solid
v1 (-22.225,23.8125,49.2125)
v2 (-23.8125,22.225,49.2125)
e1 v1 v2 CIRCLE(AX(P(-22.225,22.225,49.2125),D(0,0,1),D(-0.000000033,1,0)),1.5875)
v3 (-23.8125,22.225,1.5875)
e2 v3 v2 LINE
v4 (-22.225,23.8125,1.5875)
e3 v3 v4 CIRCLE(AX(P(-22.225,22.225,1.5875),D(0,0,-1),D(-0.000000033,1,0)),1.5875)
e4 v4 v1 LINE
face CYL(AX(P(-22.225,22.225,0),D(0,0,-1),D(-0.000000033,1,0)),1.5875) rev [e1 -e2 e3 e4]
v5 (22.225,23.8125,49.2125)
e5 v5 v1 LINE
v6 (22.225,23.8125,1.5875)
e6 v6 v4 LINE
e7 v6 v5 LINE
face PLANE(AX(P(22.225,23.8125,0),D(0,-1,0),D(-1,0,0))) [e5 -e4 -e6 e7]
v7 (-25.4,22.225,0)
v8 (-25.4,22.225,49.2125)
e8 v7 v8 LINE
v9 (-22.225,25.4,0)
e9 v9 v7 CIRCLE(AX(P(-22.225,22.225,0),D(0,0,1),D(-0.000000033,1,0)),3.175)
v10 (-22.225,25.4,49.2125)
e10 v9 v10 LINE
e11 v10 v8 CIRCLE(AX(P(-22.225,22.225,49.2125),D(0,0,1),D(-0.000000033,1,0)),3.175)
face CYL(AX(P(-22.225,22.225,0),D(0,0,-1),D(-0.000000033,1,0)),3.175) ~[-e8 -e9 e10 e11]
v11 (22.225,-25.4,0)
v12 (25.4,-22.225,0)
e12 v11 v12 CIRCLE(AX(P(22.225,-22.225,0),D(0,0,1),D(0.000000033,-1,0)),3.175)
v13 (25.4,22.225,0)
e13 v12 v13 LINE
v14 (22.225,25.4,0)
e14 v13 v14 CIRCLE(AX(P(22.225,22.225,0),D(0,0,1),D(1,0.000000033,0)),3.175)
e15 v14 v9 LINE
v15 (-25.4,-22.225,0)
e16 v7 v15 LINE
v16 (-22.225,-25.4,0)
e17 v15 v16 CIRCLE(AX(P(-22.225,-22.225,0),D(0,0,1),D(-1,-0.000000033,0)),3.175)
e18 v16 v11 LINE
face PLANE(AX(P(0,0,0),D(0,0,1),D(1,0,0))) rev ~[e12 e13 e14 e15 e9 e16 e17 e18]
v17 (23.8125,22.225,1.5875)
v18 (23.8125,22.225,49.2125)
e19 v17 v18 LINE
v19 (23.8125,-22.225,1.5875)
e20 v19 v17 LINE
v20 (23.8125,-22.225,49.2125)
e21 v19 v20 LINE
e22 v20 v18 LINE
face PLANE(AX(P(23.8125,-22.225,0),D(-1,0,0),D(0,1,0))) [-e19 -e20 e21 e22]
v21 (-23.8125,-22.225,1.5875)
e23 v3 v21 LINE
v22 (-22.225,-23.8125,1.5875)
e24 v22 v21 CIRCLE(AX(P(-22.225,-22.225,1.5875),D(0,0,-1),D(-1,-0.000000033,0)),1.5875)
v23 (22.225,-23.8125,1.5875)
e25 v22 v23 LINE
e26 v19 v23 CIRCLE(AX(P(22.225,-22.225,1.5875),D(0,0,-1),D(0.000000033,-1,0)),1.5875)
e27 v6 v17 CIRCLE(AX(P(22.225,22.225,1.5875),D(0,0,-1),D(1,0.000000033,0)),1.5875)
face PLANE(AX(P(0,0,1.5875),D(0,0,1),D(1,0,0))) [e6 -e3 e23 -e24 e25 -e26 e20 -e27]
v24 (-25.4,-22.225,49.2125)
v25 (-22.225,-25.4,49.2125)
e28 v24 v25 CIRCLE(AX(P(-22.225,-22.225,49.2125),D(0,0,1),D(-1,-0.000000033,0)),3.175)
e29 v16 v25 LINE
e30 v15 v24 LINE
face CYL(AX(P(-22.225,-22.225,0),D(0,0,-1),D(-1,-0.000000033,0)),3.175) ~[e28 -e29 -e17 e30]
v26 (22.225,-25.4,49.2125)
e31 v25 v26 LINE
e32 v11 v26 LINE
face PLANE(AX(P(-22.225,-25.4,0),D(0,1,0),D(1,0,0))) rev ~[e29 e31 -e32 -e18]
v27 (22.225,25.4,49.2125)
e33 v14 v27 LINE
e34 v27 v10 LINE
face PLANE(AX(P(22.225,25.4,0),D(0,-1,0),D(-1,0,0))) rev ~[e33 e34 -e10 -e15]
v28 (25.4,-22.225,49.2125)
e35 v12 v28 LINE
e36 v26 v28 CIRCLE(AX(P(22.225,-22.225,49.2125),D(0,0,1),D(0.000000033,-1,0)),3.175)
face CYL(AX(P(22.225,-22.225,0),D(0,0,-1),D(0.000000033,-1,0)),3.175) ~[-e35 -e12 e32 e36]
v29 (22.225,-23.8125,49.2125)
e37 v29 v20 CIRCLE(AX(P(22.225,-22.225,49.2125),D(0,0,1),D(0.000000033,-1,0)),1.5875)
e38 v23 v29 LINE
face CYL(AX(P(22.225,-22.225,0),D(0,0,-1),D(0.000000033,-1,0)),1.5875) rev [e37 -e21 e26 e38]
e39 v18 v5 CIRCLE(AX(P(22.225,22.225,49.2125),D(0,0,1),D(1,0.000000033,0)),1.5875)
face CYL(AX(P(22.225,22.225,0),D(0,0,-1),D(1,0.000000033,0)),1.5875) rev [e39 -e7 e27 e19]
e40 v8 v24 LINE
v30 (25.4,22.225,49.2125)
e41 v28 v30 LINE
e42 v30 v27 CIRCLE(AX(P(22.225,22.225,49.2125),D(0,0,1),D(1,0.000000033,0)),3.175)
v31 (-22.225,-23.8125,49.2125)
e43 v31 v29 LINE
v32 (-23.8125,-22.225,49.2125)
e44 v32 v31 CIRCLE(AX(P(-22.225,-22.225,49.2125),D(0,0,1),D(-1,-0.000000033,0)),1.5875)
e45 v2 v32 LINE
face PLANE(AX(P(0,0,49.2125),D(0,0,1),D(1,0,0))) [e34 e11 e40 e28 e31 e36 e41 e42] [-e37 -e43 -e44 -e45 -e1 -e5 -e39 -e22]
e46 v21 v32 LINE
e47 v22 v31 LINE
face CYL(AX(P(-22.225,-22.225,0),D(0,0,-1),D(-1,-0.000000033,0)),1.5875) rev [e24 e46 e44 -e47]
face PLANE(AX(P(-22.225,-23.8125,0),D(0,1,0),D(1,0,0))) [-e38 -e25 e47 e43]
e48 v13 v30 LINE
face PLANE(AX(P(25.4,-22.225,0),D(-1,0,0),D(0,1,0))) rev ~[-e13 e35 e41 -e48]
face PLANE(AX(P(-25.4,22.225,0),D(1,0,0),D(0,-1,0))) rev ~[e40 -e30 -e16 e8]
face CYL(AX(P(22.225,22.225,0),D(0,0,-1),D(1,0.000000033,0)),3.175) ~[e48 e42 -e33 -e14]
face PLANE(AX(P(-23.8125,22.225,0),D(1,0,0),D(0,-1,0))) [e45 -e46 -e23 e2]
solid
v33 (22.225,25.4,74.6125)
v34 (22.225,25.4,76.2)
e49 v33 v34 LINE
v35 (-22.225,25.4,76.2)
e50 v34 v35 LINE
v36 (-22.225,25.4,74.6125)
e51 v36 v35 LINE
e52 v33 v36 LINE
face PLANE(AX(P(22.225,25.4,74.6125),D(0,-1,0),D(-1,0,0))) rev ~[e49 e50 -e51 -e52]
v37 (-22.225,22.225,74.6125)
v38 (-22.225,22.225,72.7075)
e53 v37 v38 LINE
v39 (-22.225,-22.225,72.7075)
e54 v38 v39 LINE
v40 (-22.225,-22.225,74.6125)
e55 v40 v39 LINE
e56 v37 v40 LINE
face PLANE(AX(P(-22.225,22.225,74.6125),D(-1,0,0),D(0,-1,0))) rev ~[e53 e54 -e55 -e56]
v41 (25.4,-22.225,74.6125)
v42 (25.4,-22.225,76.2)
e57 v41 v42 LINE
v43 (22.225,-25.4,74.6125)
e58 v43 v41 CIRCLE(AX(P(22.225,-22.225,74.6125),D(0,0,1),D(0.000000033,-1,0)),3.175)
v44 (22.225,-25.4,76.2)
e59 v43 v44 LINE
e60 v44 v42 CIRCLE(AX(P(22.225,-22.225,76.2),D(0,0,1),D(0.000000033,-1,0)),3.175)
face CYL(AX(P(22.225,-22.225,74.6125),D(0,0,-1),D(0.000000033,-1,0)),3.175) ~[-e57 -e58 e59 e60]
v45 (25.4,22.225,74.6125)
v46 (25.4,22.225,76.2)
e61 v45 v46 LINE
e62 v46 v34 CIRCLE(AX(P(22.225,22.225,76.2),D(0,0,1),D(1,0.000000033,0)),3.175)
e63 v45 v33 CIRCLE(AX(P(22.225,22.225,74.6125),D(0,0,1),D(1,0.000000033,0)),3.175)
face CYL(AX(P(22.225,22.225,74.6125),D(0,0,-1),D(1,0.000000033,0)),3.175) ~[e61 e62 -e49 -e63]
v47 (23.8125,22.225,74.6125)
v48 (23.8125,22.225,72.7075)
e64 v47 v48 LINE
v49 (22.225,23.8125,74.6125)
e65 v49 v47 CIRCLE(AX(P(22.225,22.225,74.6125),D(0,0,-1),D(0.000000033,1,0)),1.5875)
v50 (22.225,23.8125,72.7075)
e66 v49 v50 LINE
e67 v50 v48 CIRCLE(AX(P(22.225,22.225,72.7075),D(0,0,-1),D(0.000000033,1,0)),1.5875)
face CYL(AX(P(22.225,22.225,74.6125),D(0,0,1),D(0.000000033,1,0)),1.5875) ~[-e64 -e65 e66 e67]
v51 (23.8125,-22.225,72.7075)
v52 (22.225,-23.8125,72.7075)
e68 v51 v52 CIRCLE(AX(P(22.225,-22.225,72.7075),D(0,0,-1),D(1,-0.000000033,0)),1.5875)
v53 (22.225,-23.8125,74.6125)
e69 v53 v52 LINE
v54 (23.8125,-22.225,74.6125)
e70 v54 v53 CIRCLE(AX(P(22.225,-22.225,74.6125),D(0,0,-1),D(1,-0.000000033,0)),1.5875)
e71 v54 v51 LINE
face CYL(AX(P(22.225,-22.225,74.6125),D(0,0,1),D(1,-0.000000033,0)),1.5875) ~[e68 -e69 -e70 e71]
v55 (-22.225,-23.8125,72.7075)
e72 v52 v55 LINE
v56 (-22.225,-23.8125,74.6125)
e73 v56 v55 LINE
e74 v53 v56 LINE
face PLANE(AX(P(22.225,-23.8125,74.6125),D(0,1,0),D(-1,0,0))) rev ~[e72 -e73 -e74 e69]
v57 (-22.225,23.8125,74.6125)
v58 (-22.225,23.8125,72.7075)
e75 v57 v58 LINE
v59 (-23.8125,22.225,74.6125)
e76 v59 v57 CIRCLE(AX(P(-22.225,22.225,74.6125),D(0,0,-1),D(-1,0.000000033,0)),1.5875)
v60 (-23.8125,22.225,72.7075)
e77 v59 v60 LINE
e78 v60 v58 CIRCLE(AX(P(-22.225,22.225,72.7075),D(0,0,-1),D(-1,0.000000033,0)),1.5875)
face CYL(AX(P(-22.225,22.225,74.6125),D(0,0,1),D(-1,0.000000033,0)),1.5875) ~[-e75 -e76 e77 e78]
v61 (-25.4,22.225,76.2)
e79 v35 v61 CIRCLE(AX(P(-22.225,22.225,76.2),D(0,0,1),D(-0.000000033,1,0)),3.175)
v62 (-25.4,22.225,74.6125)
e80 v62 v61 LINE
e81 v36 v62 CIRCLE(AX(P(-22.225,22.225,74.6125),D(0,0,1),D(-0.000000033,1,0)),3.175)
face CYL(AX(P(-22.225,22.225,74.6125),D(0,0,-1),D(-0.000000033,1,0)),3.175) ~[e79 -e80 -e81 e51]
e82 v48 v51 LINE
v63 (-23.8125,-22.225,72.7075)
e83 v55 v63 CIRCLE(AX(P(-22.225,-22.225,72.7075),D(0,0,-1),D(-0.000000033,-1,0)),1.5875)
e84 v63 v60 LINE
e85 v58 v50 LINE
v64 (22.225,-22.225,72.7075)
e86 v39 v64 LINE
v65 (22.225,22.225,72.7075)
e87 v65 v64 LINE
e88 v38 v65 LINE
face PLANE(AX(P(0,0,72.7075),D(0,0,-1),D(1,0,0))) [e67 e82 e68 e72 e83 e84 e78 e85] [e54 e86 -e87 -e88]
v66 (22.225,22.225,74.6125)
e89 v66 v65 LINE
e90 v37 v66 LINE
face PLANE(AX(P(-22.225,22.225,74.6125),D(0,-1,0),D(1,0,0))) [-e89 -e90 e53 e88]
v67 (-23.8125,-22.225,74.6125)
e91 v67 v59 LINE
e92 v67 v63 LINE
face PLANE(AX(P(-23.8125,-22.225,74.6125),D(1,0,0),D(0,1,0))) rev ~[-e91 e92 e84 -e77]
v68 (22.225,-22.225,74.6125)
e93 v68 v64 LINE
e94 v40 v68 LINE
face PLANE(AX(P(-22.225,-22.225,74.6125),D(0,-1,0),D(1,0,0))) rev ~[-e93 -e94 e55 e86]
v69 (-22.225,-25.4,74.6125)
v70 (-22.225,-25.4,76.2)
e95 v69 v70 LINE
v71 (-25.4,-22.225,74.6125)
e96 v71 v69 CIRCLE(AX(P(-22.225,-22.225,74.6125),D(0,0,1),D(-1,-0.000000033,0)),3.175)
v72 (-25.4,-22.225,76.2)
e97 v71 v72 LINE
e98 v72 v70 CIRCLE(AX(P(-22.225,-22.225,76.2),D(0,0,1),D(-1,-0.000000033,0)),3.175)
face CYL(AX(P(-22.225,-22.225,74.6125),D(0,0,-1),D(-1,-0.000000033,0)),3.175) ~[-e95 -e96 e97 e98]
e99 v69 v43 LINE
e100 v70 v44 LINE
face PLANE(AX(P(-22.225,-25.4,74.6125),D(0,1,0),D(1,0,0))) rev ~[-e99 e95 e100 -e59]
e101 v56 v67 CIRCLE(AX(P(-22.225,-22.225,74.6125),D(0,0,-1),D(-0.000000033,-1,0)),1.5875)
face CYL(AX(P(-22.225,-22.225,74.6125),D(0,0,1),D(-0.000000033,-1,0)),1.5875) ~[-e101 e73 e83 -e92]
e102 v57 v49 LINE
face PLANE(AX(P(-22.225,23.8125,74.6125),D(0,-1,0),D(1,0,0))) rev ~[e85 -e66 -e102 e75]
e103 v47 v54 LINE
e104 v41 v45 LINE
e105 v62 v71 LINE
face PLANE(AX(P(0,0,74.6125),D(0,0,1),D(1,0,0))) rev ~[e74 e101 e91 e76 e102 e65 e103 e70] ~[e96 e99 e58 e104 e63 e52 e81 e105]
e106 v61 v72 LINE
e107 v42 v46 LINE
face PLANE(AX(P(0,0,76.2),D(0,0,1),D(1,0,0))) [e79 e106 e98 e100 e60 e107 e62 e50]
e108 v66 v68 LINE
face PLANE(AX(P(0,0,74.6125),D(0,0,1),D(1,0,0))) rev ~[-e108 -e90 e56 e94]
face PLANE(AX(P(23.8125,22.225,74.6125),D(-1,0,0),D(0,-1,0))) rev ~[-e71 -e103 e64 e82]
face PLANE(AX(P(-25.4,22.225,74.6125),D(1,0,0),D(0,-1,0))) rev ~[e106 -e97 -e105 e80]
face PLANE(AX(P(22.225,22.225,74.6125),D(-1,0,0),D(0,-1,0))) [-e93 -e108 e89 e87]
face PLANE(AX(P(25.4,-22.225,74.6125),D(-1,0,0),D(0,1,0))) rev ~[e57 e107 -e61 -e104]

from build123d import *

# Parameters (mm, degrees)
F1_DEPTH = 49.2125
F2_T     = -1.5875
F5_DEPTH = 1.5875
F6_W     = 44.45
F6_H     = 44.45
F7_DEPTH = 1.905


with BuildPart() as f1:
    # F0 (on Top) → F1 (new body)
    with BuildSketch(Plane.XY):
        with BuildLine():
            ThreePointArc((25.4, 22.225), (24.470064, 24.470064), (22.225, 25.4))
            Line((22.225, 25.4), (-22.225, 25.4))
            ThreePointArc((-22.225, 25.4), (-24.470064, 24.470064), (-25.4, 22.225))
            Line((-25.4, 22.225), (-25.4, -22.225))
            ThreePointArc((-25.4, -22.225), (-24.470064, -24.470064), (-22.225, -25.4))
            Line((-22.225, -25.4), (22.225, -25.4))
            ThreePointArc((22.225, -25.4), (24.470064, -24.470064), (25.4, -22.225))
            Line((25.4, -22.225), (25.4, 22.225))
        make_face()
    extrude(amount=F1_DEPTH)

    # F2
    f2_openings = [f1.faces().sort_by_distance(p)[0] for p in [
        (0, 0, 49.2125),
    ]]
    offset(amount=F2_T, openings=f2_openings)


with BuildPart() as f5:
    # F4 (on offset) → F5 (new body)
    with BuildSketch(Plane.XY.offset(74.6125)):
        with BuildLine():
            ThreePointArc((-22.225, 25.4), (-24.470064, 24.470064), (-25.4, 22.225))
            Line((-25.4, 22.225), (-25.4, -22.225))
            ThreePointArc((-25.4, -22.225), (-24.470064, -24.470064), (-22.225, -25.4))
            Line((-22.225, -25.4), (22.225, -25.4))
            ThreePointArc((22.225, -25.4), (24.470064, -24.470064), (25.4, -22.225))
            Line((25.4, -22.225), (25.4, 22.225))
            ThreePointArc((25.4, 22.225), (24.470064, 24.470064), (22.225, 25.4))
            Line((22.225, 25.4), (-22.225, 25.4))
        make_face()
    extrude(amount=F5_DEPTH)

    # F6 (on face) → F7 (join)
    with BuildSketch(Plane(origin=(0, 0, 74.6125), x_dir=(1, 0, 0), z_dir=(0, 0, -1))):
        with BuildLine():
            ThreePointArc((23.8125, 22.225), (23.347532, 23.347532), (22.225, 23.8125))
            Line((22.225, 23.8125), (-22.225, 23.8125))
            ThreePointArc((-22.225, 23.8125), (-23.347532, 23.347532), (-23.8125, 22.225))
            Line((-23.8125, 22.225), (-23.8125, -22.225))
            ThreePointArc((-23.8125, -22.225), (-23.347532, -23.347532), (-22.225, -23.8125))
            Line((-22.225, -23.8125), (22.225, -23.8125))
            ThreePointArc((22.225, -23.8125), (23.347532, -23.347532), (23.8125, -22.225))
            Line((23.8125, -22.225), (23.8125, 22.225))
        make_face()
        Rectangle(F6_W, F6_H, mode=Mode.SUBTRACT)
    extrude(amount=F7_DEPTH)


solid = Compound([f1.part, f5.part])
